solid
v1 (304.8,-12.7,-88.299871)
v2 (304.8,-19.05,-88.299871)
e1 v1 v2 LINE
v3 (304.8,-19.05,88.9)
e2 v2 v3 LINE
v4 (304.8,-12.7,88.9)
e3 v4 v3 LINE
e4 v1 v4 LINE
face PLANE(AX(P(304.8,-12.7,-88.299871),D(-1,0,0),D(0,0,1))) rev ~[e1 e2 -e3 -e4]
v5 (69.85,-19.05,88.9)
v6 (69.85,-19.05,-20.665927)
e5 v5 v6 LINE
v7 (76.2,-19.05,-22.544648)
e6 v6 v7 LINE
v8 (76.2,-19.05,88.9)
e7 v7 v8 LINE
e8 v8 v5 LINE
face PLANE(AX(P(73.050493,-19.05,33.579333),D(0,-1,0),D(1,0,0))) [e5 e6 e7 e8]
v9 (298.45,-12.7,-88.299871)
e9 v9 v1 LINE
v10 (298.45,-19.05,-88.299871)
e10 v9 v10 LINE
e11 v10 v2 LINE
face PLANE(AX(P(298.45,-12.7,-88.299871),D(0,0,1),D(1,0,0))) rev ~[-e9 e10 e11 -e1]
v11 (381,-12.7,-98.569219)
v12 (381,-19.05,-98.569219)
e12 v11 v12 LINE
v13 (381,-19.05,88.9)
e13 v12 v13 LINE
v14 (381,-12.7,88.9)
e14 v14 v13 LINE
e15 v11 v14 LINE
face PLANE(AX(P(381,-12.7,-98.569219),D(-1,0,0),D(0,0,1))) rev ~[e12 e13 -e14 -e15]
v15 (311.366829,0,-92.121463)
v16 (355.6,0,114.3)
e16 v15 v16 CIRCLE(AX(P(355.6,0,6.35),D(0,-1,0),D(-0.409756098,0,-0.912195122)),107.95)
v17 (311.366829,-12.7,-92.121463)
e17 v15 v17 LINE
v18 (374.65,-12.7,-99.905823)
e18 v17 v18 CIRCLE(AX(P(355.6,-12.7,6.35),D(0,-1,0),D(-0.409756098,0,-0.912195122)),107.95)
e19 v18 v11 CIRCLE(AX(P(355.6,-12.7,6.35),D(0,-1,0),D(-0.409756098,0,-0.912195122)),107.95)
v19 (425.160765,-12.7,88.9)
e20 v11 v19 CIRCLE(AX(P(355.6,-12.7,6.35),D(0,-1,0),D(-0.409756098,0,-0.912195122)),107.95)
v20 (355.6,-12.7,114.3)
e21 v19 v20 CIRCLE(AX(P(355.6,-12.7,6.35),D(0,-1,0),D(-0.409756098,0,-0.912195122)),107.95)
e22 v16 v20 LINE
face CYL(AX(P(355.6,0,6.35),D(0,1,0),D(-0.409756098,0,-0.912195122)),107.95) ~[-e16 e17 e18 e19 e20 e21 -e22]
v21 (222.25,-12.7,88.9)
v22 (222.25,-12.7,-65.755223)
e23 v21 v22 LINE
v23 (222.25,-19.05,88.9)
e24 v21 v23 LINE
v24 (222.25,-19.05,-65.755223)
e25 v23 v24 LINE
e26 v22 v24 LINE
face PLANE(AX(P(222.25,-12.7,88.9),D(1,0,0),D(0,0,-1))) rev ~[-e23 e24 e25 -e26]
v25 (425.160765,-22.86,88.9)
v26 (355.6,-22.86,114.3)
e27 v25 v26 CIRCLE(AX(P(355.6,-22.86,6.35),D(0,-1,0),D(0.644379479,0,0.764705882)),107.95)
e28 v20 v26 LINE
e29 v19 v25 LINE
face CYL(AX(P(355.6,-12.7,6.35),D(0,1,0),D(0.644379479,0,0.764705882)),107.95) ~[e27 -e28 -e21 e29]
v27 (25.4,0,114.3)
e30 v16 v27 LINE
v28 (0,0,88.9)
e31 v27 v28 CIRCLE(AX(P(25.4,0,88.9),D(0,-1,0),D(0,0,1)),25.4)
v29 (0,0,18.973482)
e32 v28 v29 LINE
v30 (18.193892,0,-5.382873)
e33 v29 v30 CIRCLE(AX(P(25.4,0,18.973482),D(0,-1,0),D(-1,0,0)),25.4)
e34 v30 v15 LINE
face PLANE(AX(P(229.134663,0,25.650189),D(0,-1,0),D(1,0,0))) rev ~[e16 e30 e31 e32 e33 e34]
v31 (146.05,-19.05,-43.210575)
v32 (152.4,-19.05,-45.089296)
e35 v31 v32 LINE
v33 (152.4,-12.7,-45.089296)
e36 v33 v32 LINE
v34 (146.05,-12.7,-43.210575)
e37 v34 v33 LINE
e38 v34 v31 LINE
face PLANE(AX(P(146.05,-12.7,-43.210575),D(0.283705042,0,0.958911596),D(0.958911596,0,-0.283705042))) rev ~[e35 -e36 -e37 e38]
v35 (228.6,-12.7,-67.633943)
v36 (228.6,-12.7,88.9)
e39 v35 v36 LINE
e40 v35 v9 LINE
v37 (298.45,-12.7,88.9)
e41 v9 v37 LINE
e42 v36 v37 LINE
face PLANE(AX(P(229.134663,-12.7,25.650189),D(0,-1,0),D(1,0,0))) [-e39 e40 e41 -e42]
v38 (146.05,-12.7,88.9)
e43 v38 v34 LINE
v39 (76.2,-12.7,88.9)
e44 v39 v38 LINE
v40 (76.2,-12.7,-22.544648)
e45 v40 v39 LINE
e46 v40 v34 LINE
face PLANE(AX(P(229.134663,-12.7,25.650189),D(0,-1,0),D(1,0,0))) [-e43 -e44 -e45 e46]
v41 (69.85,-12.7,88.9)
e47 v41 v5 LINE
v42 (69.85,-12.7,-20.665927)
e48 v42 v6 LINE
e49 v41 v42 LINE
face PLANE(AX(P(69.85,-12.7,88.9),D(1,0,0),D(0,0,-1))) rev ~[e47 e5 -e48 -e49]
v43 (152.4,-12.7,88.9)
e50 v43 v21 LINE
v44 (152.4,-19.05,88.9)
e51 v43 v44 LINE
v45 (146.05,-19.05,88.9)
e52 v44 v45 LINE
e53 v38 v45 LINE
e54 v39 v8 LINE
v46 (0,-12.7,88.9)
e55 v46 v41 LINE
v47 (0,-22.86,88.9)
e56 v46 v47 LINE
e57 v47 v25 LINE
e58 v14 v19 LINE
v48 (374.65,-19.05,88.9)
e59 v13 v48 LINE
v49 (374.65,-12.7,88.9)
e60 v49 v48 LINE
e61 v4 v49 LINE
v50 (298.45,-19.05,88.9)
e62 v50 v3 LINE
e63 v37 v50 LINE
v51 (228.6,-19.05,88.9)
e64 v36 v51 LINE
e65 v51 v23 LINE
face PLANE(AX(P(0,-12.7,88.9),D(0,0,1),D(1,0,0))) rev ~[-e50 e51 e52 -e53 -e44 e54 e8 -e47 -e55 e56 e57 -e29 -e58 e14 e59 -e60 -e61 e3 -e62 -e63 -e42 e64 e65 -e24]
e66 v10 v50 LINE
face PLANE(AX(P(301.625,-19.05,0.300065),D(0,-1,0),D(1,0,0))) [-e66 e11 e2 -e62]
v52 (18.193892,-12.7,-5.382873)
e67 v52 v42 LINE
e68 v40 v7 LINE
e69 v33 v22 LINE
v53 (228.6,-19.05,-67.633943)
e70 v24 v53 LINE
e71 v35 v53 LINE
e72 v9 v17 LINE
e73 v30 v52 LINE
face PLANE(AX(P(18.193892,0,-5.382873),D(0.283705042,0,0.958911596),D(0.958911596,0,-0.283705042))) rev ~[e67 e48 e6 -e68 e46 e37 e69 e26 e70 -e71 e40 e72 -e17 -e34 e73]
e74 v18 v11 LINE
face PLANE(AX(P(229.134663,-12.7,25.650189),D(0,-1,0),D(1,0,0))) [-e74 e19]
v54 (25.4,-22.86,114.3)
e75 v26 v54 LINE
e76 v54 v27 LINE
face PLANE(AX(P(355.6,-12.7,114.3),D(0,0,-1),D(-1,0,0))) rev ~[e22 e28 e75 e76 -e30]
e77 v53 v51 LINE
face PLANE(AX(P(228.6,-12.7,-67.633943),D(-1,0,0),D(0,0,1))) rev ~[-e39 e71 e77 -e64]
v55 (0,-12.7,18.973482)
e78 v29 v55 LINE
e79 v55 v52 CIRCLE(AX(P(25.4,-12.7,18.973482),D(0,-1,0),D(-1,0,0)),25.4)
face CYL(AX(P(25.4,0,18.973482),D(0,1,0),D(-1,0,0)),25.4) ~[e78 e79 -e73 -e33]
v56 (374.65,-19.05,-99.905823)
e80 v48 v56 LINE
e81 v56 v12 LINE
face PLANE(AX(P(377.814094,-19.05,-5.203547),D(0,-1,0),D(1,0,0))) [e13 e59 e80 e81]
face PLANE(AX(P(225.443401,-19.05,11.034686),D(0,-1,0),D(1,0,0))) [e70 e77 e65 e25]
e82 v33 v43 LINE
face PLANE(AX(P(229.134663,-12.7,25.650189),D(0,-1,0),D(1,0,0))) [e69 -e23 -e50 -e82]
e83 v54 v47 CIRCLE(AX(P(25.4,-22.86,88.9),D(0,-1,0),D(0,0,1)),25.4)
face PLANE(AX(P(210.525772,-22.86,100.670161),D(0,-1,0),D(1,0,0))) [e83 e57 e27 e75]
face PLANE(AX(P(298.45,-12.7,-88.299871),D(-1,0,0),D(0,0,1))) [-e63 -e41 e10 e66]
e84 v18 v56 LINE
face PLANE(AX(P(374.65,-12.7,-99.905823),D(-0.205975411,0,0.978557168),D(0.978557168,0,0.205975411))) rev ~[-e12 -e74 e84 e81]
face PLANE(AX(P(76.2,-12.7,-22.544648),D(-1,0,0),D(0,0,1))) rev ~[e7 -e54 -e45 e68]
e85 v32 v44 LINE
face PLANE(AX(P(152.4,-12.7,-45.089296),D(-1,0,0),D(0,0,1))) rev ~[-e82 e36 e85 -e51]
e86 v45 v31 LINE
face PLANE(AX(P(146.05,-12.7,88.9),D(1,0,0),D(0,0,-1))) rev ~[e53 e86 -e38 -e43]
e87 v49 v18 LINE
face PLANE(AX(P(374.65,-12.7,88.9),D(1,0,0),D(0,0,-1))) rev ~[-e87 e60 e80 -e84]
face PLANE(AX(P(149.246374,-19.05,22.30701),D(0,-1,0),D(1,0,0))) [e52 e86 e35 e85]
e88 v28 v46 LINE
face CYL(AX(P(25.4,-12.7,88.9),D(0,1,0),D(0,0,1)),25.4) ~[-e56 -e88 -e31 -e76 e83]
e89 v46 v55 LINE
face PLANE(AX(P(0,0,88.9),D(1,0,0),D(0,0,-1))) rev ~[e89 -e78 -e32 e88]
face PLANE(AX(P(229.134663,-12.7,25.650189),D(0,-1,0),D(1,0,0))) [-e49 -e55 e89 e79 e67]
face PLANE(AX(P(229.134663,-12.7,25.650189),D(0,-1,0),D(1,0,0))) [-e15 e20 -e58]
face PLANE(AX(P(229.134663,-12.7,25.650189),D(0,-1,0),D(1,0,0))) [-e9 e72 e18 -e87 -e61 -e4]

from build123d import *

# Parameters (mm, degrees)
F1_DEPTH = 12.7
F3_DEPTH = 10.16
F4_W     = 6.35
F4_H     = 177.1998706725
F5_DEPTH = 6.35


with BuildPart() as f1:
    # F0 (on Front) → F1 (new body)
    with BuildSketch(Plane.XZ):
        with BuildLine():
            Line((0, 88.9), (0, 18.9734820172))
            ThreePointArc((0, 18.9734820172), (5.0506124764, 3.7727442912), (18.1938919224, -5.3828725206))
            Line((18.1938919224, -5.3828725206), (311.3668292683, -92.1214634146))
            ThreePointArc((311.3668292683, -92.1214634146), (461.1537705997, -16.2686651285), (355.6, 114.3))
            Line((355.6, 114.3), (25.4, 114.3))
            ThreePointArc((25.4, 114.3), (7.4394877579, 106.8605122421), (0, 88.9))
        make_face()
    extrude(amount=F1_DEPTH)

    # F2 (on face) → F3 (join)
    with BuildSketch(Plane.XZ.offset(12.7)):
        with BuildLine():
            ThreePointArc((25.4, 114.3), (7.4394877579, 106.8605122421), (0, 88.9))
            Line((0, 88.9), (425.1607648032, 88.9))
            ThreePointArc((425.1607648032, 88.9), (392.6265445323, 107.751368334), (355.6, 114.3))
            Line((355.6, 114.3), (25.4, 114.3))
        make_face()
    extrude(amount=F3_DEPTH)

    # F4 (on face) → F5 (join)
    with BuildSketch(Plane.XZ.offset(12.7)):
        Polygon((76.2, 88.9), (69.85, 88.9), (69.85, -20.6659271787), (76.2, -22.5446478313), align=None)
        Polygon((152.4, 88.9), (146.05, 88.9), (146.05, -43.2105750099), (152.4, -45.0892956626), align=None)
        Polygon((228.6, 88.9), (222.25, 88.9), (222.25, -65.7552228412), (228.6, -67.6339434938), align=None)
        with Locations((301.625, 0.3000646637)):
            Rectangle(F4_W, F4_H)
        Polygon((381, 88.9), (374.65, 88.9), (374.65, -99.9058233698), (381, -98.5692189258), align=None)
    extrude(amount=F5_DEPTH)


solid = f1.part
